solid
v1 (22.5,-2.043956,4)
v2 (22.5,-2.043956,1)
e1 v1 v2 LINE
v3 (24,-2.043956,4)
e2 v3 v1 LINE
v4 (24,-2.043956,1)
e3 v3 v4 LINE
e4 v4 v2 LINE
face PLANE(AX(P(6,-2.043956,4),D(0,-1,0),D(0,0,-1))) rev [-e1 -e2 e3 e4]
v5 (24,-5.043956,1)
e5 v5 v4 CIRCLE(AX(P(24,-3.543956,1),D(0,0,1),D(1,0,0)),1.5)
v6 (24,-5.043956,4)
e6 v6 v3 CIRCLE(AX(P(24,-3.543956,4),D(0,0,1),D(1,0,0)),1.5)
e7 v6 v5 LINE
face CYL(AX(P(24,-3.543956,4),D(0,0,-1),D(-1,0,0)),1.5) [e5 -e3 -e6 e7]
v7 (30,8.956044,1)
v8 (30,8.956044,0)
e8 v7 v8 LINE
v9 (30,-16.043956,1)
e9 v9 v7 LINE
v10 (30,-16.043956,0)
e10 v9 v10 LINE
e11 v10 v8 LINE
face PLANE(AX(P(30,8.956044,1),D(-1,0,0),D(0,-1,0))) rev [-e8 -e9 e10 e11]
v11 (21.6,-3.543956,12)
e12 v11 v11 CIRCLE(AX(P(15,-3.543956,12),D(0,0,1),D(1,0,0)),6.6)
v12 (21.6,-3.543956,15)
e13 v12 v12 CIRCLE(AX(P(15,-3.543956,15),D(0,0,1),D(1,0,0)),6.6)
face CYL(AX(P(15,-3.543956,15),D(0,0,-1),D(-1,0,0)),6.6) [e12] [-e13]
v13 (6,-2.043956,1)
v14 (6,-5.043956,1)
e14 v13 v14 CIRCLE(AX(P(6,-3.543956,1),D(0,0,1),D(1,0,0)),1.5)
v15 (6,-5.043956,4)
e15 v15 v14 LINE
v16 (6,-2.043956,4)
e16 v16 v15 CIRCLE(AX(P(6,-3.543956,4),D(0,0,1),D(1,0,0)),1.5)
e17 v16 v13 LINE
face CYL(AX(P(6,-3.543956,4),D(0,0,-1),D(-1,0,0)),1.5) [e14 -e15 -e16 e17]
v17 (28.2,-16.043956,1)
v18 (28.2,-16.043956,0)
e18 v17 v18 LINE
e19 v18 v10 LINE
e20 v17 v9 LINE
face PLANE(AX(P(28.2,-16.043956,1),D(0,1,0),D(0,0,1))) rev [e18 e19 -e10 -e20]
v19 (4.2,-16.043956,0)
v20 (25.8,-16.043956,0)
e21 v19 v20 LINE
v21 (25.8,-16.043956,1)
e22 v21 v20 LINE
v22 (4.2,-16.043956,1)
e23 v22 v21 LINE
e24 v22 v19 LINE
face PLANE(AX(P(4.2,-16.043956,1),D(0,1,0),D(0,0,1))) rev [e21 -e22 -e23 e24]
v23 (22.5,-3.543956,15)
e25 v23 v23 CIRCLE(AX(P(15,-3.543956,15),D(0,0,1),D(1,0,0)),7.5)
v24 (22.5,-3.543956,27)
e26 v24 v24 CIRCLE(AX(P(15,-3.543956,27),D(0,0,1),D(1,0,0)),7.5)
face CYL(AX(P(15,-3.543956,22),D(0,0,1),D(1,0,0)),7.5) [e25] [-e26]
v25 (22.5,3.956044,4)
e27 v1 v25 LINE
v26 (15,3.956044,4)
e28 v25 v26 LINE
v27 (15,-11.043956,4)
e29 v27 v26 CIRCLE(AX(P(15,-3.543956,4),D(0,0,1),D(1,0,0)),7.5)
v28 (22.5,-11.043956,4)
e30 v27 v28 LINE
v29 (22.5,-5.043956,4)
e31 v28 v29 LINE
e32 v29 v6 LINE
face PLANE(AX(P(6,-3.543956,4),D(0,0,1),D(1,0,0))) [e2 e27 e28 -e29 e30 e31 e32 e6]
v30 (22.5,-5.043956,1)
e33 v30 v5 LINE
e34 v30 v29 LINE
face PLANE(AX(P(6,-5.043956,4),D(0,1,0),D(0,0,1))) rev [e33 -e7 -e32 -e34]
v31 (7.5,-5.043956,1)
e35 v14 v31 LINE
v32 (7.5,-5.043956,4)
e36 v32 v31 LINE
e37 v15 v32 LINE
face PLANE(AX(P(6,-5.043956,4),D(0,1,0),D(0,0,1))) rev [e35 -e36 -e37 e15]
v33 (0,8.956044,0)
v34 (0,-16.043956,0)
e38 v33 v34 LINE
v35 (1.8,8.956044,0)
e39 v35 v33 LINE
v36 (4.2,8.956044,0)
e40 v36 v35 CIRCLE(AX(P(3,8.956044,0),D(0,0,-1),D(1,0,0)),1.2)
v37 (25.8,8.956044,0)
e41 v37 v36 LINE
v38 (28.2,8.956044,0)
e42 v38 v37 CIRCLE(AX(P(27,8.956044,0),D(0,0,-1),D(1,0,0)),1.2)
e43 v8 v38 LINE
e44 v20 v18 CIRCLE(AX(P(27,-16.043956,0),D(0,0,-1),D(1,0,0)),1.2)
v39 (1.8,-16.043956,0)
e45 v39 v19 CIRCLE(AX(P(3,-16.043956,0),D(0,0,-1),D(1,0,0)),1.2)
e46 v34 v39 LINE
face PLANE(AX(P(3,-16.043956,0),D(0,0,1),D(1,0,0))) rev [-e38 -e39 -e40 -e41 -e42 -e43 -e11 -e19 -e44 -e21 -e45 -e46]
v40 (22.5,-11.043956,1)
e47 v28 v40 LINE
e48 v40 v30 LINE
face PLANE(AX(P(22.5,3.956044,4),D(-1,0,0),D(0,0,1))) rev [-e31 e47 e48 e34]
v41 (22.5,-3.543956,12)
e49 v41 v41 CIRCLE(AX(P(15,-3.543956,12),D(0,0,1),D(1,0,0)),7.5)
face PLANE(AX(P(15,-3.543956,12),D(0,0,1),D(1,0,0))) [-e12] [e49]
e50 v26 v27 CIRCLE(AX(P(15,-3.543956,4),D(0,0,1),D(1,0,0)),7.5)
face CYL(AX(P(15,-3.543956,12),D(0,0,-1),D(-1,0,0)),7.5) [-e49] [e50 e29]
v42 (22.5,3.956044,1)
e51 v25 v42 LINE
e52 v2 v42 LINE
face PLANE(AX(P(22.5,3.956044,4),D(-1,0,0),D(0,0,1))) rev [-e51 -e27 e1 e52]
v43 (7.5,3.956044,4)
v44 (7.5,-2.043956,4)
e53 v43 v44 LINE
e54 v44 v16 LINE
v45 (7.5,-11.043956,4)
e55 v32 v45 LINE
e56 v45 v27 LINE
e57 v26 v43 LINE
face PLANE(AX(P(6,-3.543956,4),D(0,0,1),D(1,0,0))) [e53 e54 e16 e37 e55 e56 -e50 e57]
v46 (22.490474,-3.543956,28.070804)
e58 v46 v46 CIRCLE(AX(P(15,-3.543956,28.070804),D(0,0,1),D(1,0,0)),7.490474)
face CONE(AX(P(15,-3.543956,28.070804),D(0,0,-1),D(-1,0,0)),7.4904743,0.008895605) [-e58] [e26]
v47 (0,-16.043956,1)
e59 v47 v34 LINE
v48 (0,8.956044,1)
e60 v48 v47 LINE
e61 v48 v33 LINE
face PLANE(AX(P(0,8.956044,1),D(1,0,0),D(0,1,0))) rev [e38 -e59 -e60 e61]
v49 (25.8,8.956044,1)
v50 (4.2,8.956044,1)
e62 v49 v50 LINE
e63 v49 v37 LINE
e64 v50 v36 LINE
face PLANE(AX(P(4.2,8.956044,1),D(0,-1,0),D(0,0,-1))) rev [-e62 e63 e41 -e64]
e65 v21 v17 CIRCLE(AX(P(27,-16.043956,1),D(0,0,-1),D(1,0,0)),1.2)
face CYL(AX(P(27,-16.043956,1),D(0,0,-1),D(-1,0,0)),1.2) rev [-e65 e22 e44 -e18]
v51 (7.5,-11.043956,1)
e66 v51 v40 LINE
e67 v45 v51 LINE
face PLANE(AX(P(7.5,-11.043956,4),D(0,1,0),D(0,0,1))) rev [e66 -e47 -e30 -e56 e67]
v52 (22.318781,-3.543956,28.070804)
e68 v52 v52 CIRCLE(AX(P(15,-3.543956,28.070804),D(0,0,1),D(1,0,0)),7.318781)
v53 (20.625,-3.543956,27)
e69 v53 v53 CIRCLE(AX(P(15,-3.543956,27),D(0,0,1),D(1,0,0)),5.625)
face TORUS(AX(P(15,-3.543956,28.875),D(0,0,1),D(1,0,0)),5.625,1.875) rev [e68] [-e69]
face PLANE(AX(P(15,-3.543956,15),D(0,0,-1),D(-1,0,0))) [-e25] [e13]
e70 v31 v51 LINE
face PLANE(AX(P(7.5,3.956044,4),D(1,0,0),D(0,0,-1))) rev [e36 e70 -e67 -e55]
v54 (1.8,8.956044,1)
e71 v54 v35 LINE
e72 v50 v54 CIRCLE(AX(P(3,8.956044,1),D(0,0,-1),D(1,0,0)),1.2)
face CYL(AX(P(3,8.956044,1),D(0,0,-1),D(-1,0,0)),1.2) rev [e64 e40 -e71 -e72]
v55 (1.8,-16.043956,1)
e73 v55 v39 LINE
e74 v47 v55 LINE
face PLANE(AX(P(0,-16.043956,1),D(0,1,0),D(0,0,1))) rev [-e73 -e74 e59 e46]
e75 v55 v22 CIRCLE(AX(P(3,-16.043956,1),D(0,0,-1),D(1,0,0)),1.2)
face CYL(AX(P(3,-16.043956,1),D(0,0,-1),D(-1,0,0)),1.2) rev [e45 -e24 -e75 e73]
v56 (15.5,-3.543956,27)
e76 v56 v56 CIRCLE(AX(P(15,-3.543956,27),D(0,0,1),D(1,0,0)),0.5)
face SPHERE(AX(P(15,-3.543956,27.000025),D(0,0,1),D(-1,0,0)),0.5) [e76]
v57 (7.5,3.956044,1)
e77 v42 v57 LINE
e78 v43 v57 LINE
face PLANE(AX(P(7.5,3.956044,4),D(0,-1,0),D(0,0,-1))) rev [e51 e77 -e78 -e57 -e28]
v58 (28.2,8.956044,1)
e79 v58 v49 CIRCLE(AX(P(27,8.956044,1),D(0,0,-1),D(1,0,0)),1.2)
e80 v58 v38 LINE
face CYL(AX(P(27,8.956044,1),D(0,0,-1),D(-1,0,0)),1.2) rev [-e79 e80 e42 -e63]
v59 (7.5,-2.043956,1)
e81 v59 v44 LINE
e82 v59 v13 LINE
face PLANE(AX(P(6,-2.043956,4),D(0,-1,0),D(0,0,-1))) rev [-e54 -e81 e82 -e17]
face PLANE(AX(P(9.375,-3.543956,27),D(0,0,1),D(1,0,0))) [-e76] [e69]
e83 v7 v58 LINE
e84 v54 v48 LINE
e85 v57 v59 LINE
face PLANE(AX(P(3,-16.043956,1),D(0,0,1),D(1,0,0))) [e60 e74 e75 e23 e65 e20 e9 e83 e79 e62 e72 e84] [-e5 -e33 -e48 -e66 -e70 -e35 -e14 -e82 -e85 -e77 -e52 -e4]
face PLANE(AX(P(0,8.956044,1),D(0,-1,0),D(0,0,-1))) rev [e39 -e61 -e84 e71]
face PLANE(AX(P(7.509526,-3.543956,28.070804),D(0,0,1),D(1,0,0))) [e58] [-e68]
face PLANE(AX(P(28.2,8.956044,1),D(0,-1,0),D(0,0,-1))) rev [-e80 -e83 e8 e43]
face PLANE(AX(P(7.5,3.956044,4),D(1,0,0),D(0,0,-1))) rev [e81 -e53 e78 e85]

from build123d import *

# Parameters (mm, degrees)
EXTRUDE_1_DEPTH = 1
EXTRUDE_2_DEPTH = 3
SKETCH_3_W      = 15
SKETCH_3_H      = 15
EXTRUDE_3_DEPTH = 3
SKETCH_4_R      = 7.5
EXTRUDE_4_DEPTH = 8
SKETCH_5_R      = 6.6
EXTRUDE_5_DEPTH = 3


with BuildPart() as part:
    # 草图1 → 凸台-拉伸1 (new body)
    with BuildSketch(Plane.XY):
        with BuildLine():
            Line((4.2, 8.956043956), (25.8, 8.956043956))
            ThreePointArc((25.8, 8.956043956), (27, 7.756043956), (28.2, 8.956043956))
            Line((28.2, 8.956043956), (30, 8.956043956))
            Line((30, 8.956043956), (30, -16.043956044))
            Line((30, -16.043956044), (28.2, -16.043956044))
            ThreePointArc((28.2, -16.043956044), (27, -14.843956044), (25.8, -16.043956044))
            Line((25.8, -16.043956044), (4.2, -16.043956044))
            ThreePointArc((4.2, -16.043956044), (3, -14.843956044), (1.8, -16.043956044))
            Line((1.8, -16.043956044), (0, -16.043956044))
            Line((0, -16.043956044), (0, 8.956043956))
            Line((0, 8.956043956), (1.8, 8.956043956))
            ThreePointArc((1.8, 8.956043956), (3, 7.756043956), (4.2, 8.956043956))
        make_face()
    extrude(amount=EXTRUDE_1_DEPTH)

    # 草图2 → 凸台-拉伸2 (add)
    with BuildSketch(Plane.XY.offset(1)):
        with BuildLine():
            Line((6, -2.043956044), (24, -2.043956044))
            ThreePointArc((24, -2.043956044), (25.5, -3.543956044), (24, -5.043956044))
            Line((24, -5.043956044), (6, -5.043956044))
            ThreePointArc((6, -5.043956044), (4.5, -3.543956044), (6, -2.043956044))
        make_face()
    extrude(amount=EXTRUDE_2_DEPTH)

    # 草图3 → 凸台-拉伸3 (add)
    with BuildSketch(Plane.XY.offset(1)):
        with Locations((15, -3.543956044)):
            Rectangle(SKETCH_3_W, SKETCH_3_H)
    extrude(amount=EXTRUDE_3_DEPTH)

    # 草图4 → 凸台-拉伸4 (add)
    with BuildSketch(Plane.XY.offset(4)):
        with Locations(Location((15, -3.543956044, 0), (0, 0, 270))):
            Circle(SKETCH_4_R)
    extrude(amount=EXTRUDE_4_DEPTH)

    # 草图5 → 凸台-拉伸5 (add)
    with BuildSketch(Plane.XY.offset(12)):
        with Locations((15, -3.543956044)):
            Circle(SKETCH_5_R)
    extrude(amount=EXTRUDE_5_DEPTH)

    # 草图7 → 旋转2 (revolve)
    with BuildSketch(Plane(origin=(0, -3.543956044, 0), x_dir=(-1, 0, 0), z_dir=(0, -1, 0)), mode=Mode.PRIVATE) as revolve_2_sk:
        with BuildLine():
            Line((-15, -15), (-7.5, -15))
            Line((-7.5, -15), (-7.5, -27))
            Line((-7.5, -27), (-7.5095257, -28.070803971))
            Line((-7.5095257, -28.070803971), (-7.681219097, -28.070803971))
            ThreePointArc((-7.681219097, -28.070803971), (-8.373062515, -27.290151024), (-9.375, -27))
            Line((-9.375, -27), (-14.500000001, -27))
            ThreePointArc((-14.500000001, -27), (-14.646437925, -27.353569269), (-15, -27.500024563))
            Line((-15, -27.500024563), (-15, -27.000024563))
            Line((-15, -27.000024563), (-15, -22))
            Line((-15, -22), (-15, -15))
        make_face()
    revolve(revolve_2_sk.sketch.rotate(Axis((15, -3.543956044, 22), (0, 0, -1)), 180), axis=Axis((15, -3.543956044, 22), (0, 0, -1)))


solid = part.part
